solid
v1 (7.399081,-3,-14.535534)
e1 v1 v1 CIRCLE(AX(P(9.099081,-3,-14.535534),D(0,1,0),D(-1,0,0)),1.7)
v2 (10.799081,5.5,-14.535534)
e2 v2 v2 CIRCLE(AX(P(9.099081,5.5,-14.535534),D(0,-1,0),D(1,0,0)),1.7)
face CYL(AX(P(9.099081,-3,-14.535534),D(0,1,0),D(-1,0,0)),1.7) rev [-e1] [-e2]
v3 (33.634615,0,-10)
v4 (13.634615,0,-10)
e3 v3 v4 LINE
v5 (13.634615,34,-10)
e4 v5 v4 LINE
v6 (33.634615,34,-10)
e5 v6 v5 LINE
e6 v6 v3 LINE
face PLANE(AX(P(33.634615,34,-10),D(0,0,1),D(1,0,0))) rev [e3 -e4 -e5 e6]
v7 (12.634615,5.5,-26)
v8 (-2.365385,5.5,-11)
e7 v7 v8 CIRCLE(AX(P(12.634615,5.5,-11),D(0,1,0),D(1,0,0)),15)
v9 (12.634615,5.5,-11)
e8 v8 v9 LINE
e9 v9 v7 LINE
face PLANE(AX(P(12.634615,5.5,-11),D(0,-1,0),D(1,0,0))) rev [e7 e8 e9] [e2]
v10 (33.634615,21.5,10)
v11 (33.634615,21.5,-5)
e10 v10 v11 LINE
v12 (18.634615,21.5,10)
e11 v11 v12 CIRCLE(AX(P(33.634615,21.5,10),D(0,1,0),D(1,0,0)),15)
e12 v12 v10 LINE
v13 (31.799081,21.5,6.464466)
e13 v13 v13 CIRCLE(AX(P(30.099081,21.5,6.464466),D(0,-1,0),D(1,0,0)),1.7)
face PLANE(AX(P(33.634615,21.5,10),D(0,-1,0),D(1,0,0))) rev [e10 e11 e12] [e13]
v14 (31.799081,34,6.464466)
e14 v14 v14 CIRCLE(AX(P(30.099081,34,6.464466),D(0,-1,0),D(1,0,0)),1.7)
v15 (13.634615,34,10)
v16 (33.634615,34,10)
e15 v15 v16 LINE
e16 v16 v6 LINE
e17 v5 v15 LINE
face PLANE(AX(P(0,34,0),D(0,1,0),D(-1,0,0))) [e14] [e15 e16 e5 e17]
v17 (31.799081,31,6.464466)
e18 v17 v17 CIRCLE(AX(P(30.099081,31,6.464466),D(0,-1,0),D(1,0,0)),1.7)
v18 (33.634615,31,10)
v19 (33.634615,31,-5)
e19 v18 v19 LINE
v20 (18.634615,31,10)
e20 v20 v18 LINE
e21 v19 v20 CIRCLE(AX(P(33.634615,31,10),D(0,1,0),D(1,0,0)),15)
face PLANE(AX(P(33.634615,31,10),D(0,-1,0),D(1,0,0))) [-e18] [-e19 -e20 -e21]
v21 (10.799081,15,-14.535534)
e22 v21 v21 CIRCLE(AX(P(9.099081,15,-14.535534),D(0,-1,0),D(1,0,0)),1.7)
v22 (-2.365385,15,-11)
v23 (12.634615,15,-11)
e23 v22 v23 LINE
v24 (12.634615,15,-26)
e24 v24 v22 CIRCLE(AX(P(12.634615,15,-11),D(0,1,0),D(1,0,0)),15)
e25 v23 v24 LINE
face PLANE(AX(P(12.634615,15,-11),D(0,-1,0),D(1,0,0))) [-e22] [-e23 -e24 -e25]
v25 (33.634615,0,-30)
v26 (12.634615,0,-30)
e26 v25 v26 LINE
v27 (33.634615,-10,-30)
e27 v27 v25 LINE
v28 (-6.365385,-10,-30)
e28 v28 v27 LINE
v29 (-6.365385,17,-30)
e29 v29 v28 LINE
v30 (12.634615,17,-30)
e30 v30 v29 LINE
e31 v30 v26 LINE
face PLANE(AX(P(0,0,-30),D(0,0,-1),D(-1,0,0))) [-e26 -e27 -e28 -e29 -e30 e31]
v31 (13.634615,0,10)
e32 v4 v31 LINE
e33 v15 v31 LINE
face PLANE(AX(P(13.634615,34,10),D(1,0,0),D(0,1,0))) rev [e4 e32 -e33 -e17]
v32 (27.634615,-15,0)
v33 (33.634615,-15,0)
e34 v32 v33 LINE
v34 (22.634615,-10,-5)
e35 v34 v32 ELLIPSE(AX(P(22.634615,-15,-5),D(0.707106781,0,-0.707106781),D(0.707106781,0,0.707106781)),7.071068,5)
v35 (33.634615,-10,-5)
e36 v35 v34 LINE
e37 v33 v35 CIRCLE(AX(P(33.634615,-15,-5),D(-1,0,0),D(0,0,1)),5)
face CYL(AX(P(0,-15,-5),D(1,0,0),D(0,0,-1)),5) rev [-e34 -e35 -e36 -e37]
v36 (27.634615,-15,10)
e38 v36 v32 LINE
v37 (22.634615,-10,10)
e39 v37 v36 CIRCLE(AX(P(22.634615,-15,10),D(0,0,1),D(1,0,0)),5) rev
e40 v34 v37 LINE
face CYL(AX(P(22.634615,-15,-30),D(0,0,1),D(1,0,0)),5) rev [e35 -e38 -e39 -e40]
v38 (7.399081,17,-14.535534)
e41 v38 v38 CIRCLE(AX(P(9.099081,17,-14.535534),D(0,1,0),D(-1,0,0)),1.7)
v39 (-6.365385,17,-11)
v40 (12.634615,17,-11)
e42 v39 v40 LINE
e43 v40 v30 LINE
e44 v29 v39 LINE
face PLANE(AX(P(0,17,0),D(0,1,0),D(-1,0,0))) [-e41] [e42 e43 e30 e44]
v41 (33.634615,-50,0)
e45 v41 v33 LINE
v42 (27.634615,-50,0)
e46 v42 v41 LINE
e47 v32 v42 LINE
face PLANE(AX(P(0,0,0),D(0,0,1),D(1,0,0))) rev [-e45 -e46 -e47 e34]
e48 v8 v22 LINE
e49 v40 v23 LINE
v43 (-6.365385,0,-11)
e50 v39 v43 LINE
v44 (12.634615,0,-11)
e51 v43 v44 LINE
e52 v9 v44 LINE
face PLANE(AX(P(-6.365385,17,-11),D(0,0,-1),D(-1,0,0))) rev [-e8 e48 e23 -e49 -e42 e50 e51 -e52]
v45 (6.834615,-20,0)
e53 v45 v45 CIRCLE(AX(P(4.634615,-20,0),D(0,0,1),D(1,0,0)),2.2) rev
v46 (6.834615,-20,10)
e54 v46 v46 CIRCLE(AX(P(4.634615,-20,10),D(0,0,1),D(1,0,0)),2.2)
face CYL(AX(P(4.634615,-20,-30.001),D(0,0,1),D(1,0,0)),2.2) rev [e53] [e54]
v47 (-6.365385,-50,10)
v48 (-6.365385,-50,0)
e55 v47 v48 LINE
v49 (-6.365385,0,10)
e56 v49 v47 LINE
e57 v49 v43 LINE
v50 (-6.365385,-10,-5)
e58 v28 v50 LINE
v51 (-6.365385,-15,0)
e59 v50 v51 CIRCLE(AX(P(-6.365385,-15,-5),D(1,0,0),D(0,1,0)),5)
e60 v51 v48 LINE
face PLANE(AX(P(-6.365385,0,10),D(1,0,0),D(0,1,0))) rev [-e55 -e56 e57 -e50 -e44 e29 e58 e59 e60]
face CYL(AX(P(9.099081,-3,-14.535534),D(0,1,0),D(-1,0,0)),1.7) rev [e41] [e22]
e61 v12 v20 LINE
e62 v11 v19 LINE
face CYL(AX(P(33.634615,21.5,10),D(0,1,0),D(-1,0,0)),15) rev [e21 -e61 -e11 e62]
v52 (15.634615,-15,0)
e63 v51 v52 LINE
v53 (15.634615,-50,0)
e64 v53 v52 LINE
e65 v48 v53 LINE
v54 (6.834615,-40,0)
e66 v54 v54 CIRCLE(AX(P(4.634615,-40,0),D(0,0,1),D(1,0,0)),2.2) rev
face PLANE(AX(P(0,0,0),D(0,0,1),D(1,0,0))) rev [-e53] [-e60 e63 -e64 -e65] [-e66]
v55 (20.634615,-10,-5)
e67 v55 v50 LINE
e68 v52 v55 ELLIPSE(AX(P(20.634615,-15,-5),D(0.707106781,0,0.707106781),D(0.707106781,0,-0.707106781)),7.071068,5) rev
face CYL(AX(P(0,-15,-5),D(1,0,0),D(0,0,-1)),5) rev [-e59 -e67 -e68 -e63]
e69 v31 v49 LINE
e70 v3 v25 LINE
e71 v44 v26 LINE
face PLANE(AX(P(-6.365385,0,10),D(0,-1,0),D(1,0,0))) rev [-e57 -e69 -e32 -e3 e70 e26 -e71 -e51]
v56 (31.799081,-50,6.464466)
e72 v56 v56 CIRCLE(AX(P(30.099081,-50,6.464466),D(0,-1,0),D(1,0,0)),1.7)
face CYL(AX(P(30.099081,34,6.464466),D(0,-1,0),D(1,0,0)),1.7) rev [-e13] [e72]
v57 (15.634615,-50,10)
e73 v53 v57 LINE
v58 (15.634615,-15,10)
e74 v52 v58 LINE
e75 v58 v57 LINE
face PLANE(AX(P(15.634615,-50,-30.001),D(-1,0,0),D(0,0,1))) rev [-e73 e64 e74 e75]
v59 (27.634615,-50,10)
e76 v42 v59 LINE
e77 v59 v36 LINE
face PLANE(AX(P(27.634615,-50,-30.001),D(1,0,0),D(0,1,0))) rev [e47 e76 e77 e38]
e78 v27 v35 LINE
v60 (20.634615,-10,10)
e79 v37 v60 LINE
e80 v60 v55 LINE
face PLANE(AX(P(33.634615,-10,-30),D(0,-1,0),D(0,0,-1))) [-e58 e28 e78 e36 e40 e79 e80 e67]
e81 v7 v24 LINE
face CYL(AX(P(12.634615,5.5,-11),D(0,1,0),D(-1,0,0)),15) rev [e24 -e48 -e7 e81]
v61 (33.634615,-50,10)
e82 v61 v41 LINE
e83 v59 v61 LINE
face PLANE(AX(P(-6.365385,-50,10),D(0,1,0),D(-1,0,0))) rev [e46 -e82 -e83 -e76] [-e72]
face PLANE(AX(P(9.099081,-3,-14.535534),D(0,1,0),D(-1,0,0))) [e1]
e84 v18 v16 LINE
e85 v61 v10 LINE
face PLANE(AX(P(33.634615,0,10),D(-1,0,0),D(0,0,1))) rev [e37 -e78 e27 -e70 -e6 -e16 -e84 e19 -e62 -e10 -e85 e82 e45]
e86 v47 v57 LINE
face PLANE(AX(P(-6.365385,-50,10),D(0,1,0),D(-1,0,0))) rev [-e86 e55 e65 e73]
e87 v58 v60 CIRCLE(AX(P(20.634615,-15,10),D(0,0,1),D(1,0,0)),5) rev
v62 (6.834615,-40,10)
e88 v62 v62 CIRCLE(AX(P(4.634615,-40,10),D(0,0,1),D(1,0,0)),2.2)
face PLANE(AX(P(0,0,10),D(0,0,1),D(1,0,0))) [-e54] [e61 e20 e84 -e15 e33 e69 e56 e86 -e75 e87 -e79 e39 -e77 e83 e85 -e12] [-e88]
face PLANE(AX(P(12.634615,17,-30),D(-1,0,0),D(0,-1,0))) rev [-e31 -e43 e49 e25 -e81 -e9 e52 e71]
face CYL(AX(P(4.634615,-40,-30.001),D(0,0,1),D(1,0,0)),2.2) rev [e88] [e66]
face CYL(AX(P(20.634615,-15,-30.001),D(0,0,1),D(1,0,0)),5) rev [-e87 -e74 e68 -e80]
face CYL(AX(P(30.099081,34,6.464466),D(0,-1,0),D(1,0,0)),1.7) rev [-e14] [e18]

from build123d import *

# Parameters (mm, degrees)
SKETCH1_W               = 40
SKETCH1_H               = 50
BOSS_EXTRUDE1_DEPTH     = 10
SKETCH2_W               = 40
SKETCH2_H               = 10
BOSS_EXTRUDE2_DEPTH     = 30
SKETCH3_W               = 20
SKETCH3_H               = 20
BOSS_EXTRUDE3_DEPTH     = 34
SKETCH4_W               = 19
SKETCH4_H               = 19
BOSS_EXTRUDE4_DEPTH     = 17
CUT_EXTRUDE4_DEPTH      = 9.5
CUT_EXTRUDE13_DEPTH     = 9.5
CUT_EXTRUDE7_DEPTH      = 93.694591653
CUT_EXTRUDE7_DEPTH_BACK = 3
SKETCH10_R              = 1.7
CUT_EXTRUDE9_REACH      = 74.328
SKETCH12_W              = 12
SKETCH12_H              = 40
FILLET2_R               = 5
CUT_EXTRUDE10_REACH     = 74.328
SKETCH13_R              = 2.2
SKETCH14_R              = 1.7
CUT_EXTRUDE14_DEPTH     = 20


with BuildPart() as part:
    # Sketch1 → Boss-Extrude1 (new body)
    with BuildSketch(Plane.XY):
        with Locations((13.634614932, -25)):
            Rectangle(SKETCH1_W, SKETCH1_H)
    extrude(amount=BOSS_EXTRUDE1_DEPTH)

    # Sketch2 → Boss-Extrude2 (add)
    with BuildSketch(Plane.XY):
        with Locations((13.634614932, -5)):
            Rectangle(SKETCH2_W, SKETCH2_H)
    extrude(amount=-BOSS_EXTRUDE2_DEPTH)

    # Sketch3 → Boss-Extrude3 (add)
    with BuildSketch(Plane(origin=(0, 0, 0), x_dir=(1, 0, 0), z_dir=(0, 1, 0))):
        with Locations((23.634614932, 0)):
            Rectangle(SKETCH3_W, SKETCH3_H)
    extrude(amount=BOSS_EXTRUDE3_DEPTH)

    # Sketch4 → Boss-Extrude4 (add)
    with BuildSketch(Plane(origin=(0, 0, 0), x_dir=(1, 0, 0), z_dir=(0, 1, 0))):
        with Locations((3.134614932, 20.5)):
            Rectangle(SKETCH4_W, SKETCH4_H)
    extrude(amount=BOSS_EXTRUDE4_DEPTH)

    # Sketch6 → Cut-Extrude4 (cut)
    with BuildSketch(Plane(origin=(0, 31, 0), x_dir=(1, 0, 0), z_dir=(0, 1, 0))):
        with BuildLine():
            Line((33.634614932, 5), (33.634614932, -10))
            Line((33.634614932, -10), (18.634614932, -10))
            ThreePointArc((18.634614932, -10), (23.028013215, 0.606601718), (33.634614932, 5))
        make_face()
    extrude(amount=-CUT_EXTRUDE4_DEPTH, mode=Mode.SUBTRACT)

    # Sketch7 → Cut-Extrude13 (cut)
    with BuildSketch(Plane(origin=(0, 15, 0), x_dir=(1, 0, 0), z_dir=(0, 1, 0))):
        with BuildLine():
            Line((-2.365385068, 11), (12.634614932, 11))
            Line((12.634614932, 11), (12.634614932, 26))
            ThreePointArc((12.634614932, 26), (2.028013215, 21.606601718), (-2.365385068, 11))
        make_face()
    extrude(amount=-CUT_EXTRUDE13_DEPTH, mode=Mode.SUBTRACT)

    # Sketch10 → Cut-Extrude7 (cut, two sides: drawn at the far end of the back side and taken through both)
    with BuildSketch(Plane(origin=(0, 31, 0), x_dir=(-1, 0, 0), z_dir=(0, -1, 0)).offset(-CUT_EXTRUDE7_DEPTH_BACK)):
        with Locations((-30.099081026, -6.464466094)):
            Circle(SKETCH10_R)
    extrude(amount=CUT_EXTRUDE7_DEPTH + CUT_EXTRUDE7_DEPTH_BACK, mode=Mode.SUBTRACT)

    # Sketch12 → Cut-Extrude9 (cut, up to next)
    with BuildSketch(Plane.XY.offset(10), mode=Mode.PRIVATE) as cut_extrude9_sk1:
        with Locations((21.634614932, -30)):
            Rectangle(SKETCH12_W, SKETCH12_H)
    cut_extrude9_tool1 = extrude(cut_extrude9_sk1.sketch, amount=-CUT_EXTRUDE9_REACH, mode=Mode.PRIVATE) & part.part
    add(cut_extrude9_tool1.solids().sort_by_distance((21.634615, -30, 10))[0], mode=Mode.SUBTRACT)

    # Fillet2
    fillet2_edges = [part.edges().sort_by_distance(p)[0] for p in [
        (15.634614932, -10, 5),
        (27.634614932, -10, 5),
        (4.634614932, -10, 0),
        (30.634614932, -10, 0),
    ]]
    fillet(fillet2_edges, radius=FILLET2_R)

    # Sketch13 → Cut-Extrude10 (cut, up to next)
    with BuildSketch(Plane.XY.offset(10), mode=Mode.PRIVATE) as cut_extrude10_sk1:
        with Locations((4.634614932, -20)):
            Circle(SKETCH13_R)
    cut_extrude10_tool1 = extrude(cut_extrude10_sk1.sketch, amount=-CUT_EXTRUDE10_REACH, mode=Mode.PRIVATE) & part.part
    # Sketch13 → Cut-Extrude10 (cut, up to next)
    with BuildSketch(Plane.XY.offset(10), mode=Mode.PRIVATE) as cut_extrude10_sk2:
        with Locations((4.634614932, -40)):
            Circle(SKETCH13_R)
    cut_extrude10_tool2 = extrude(cut_extrude10_sk2.sketch, amount=-CUT_EXTRUDE10_REACH, mode=Mode.PRIVATE) & part.part
    add(cut_extrude10_tool1.solids().sort_by_distance((4.634615, -20, 10))[0], mode=Mode.SUBTRACT)
    add(cut_extrude10_tool2.solids().sort_by_distance((4.634615, -40, 10))[0], mode=Mode.SUBTRACT)

    # Sketch14 → Cut-Extrude14 (cut)
    with BuildSketch(Plane(origin=(0, 17, 0), x_dir=(1, 0, 0), z_dir=(0, 1, 0))):
        with Locations((9.099081026, 14.535533906)):
            Circle(SKETCH14_R)
    extrude(amount=-CUT_EXTRUDE14_DEPTH, mode=Mode.SUBTRACT)


solid = part.part
